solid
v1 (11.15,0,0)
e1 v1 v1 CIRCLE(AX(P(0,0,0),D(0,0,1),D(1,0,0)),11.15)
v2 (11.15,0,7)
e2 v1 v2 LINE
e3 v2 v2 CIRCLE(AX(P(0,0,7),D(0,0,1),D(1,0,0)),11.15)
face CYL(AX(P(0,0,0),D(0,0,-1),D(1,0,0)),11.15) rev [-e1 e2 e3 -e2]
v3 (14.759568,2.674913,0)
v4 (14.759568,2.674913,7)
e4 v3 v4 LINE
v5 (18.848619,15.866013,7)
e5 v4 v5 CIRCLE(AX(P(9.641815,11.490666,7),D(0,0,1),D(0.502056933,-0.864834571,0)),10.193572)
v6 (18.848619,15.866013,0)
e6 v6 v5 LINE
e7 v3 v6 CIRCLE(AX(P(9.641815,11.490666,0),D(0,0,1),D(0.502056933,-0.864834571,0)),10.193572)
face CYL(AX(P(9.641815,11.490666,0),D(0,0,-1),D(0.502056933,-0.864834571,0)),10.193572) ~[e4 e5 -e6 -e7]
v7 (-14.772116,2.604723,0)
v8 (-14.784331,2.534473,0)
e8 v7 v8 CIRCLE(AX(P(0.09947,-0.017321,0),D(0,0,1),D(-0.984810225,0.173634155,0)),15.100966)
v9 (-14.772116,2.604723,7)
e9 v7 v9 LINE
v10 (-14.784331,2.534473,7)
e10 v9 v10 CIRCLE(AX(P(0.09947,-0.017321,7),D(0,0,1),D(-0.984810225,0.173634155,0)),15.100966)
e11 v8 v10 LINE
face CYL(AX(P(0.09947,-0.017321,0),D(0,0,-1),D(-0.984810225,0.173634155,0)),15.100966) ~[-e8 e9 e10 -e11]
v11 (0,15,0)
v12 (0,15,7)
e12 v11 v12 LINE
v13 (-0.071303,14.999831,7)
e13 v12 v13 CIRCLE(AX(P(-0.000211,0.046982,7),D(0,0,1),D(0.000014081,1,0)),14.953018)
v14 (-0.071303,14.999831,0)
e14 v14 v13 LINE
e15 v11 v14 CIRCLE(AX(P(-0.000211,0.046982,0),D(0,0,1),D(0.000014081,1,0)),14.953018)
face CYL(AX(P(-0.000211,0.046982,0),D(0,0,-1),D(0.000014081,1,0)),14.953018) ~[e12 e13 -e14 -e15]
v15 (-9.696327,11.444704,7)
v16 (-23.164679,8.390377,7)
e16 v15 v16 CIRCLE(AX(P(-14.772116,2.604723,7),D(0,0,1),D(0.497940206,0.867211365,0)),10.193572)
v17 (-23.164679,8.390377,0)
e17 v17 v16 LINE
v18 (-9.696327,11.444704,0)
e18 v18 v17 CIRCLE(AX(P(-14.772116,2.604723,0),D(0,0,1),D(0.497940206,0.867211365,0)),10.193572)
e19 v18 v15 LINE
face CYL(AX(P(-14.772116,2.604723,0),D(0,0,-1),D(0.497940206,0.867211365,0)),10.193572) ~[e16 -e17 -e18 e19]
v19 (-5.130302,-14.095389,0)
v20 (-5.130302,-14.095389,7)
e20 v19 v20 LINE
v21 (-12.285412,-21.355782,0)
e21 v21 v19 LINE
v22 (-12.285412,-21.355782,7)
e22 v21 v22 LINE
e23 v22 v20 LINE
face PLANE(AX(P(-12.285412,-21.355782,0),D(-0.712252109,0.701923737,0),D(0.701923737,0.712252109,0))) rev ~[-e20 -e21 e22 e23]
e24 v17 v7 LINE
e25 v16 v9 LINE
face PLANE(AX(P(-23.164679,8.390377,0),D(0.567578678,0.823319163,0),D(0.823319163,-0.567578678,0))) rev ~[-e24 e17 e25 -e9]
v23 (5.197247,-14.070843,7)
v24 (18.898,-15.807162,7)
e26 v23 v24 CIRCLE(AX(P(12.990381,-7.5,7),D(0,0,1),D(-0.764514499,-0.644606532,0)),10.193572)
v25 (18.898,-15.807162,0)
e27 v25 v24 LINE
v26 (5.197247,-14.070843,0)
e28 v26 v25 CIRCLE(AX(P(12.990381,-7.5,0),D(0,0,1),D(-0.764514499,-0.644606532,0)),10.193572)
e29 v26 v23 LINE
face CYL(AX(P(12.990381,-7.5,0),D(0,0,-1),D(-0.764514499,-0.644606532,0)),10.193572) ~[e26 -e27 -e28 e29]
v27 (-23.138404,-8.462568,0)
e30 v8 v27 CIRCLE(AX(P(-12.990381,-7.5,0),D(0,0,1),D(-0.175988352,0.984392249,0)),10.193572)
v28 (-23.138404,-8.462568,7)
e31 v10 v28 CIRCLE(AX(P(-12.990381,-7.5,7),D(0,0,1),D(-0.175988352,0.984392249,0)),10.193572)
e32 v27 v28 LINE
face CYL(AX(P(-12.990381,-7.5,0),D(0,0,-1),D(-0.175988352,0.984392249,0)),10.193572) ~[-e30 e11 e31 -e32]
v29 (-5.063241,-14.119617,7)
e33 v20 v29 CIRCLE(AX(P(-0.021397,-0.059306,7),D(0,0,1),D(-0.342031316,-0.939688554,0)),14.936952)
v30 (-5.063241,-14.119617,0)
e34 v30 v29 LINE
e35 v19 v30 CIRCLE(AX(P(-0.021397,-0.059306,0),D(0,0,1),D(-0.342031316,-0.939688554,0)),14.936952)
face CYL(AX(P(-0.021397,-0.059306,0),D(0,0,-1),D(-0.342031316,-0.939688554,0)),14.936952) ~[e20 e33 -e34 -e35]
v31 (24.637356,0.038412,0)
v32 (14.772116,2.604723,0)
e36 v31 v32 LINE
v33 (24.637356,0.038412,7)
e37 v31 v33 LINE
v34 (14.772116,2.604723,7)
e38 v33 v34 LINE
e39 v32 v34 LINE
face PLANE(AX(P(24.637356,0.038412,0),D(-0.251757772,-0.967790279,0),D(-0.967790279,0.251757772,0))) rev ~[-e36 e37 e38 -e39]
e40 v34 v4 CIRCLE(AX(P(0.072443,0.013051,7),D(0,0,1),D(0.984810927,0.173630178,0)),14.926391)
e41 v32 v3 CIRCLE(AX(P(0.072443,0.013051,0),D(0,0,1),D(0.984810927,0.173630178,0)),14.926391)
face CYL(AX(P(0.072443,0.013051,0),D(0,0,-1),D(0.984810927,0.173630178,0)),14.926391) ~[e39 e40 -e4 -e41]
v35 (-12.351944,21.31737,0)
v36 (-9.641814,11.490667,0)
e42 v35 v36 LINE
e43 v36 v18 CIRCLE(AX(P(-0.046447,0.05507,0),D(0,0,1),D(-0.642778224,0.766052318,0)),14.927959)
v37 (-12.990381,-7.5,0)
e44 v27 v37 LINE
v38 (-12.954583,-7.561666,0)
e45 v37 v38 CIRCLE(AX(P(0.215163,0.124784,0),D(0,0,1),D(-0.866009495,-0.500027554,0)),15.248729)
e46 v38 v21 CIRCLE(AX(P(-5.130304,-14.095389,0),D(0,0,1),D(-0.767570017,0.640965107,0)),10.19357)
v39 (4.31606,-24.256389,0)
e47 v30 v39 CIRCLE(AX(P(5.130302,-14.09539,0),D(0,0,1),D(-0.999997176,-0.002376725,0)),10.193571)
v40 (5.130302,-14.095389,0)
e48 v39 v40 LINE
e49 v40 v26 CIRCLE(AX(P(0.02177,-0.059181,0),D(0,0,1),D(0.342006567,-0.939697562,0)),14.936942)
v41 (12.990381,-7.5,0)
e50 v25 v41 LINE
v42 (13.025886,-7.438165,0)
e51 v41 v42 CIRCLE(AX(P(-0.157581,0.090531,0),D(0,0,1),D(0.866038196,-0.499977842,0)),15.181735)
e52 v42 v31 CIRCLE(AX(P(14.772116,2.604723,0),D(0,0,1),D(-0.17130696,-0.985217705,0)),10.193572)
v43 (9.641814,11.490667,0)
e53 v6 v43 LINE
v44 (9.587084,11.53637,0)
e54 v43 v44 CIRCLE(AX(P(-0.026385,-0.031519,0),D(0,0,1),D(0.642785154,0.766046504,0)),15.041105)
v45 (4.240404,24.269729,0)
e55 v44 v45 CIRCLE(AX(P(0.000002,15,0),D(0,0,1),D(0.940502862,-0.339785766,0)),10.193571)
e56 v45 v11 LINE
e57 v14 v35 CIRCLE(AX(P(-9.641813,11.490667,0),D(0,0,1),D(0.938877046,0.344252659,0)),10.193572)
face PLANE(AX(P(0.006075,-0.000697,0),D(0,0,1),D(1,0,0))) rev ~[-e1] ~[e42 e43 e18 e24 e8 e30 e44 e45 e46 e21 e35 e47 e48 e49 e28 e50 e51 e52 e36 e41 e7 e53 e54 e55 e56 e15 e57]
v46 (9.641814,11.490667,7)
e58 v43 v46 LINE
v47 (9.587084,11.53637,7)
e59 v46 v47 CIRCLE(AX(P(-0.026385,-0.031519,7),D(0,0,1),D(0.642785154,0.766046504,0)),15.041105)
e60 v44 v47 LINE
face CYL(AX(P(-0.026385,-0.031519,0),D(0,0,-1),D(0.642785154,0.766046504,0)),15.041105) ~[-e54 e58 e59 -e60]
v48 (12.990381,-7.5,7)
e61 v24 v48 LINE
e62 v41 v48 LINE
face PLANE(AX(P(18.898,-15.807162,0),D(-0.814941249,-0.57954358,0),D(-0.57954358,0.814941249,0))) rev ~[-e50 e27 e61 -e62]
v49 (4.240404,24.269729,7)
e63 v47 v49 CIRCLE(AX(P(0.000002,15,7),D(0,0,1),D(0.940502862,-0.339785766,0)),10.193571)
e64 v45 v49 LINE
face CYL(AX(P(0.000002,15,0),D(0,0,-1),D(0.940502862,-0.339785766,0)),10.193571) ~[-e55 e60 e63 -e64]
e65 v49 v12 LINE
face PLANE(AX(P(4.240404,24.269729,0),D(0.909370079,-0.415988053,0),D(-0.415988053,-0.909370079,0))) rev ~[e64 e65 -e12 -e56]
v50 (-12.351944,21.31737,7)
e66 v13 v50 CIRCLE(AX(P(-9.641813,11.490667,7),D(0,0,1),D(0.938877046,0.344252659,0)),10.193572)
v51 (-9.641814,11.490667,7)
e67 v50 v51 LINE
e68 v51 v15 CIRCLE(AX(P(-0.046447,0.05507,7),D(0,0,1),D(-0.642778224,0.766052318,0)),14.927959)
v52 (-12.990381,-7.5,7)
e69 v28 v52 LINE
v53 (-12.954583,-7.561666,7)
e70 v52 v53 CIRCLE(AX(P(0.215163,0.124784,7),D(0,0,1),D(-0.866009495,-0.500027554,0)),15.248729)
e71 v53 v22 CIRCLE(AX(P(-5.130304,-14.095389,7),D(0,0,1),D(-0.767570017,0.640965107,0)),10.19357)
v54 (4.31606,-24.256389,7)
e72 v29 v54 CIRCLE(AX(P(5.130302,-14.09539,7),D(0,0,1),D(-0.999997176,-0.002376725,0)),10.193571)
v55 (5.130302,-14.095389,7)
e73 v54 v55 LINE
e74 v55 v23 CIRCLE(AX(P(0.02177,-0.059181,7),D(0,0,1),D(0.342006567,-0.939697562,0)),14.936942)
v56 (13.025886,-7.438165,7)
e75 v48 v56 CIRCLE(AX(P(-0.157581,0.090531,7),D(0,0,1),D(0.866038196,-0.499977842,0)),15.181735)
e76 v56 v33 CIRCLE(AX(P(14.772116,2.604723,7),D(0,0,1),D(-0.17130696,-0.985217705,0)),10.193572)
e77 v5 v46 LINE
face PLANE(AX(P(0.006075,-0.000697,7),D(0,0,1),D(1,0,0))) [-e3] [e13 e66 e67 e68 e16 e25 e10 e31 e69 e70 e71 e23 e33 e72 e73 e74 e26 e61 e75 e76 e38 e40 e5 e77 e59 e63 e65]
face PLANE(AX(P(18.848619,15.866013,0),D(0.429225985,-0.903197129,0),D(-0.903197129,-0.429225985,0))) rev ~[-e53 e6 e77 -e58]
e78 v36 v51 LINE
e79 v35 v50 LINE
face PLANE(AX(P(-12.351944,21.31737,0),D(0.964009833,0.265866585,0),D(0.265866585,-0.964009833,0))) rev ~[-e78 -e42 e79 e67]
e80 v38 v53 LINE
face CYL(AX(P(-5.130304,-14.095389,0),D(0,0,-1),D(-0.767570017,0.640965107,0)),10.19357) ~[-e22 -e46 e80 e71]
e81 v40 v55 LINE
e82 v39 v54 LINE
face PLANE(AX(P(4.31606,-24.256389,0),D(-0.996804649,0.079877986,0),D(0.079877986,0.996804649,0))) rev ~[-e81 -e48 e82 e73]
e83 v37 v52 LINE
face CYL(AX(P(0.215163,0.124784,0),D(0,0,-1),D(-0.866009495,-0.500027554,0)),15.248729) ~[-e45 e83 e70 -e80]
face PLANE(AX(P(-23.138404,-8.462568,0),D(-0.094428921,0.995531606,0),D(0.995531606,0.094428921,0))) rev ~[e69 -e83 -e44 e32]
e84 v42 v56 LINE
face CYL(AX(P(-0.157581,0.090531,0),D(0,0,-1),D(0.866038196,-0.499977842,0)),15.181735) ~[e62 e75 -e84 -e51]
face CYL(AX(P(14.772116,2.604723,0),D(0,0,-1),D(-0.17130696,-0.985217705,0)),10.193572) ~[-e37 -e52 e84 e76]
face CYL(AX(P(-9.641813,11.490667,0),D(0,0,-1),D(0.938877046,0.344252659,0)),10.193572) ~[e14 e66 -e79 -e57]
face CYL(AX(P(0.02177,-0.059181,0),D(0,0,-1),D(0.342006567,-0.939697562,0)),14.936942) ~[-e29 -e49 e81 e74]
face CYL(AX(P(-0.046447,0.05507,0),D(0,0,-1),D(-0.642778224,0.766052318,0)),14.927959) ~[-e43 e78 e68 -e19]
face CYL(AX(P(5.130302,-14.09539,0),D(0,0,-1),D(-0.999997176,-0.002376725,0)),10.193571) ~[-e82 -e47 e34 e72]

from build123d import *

# Parameters (mm, degrees)
F0_R     = 11.15
F1_DEPTH = 7


with BuildPart() as f1:
    # F0 (on Top) → F1 (new body)
    with BuildSketch(Plane.XY):
        with BuildLine():
            ThreePointArc((13.025886, -7.438165), (14.498074, -3.847838), (15, 0))
            ThreePointArc((15, 0), (14.94292, 1.307336), (14.772116, 2.604723))
            ThreePointArc((14.772116, 2.604723), (14.765884, 2.639825), (14.759568, 2.674913))
            ThreePointArc((14.759568, 2.674913), (12.972518, 7.530854), (9.641814, 11.490667))
            ThreePointArc((9.641814, 11.490667), (9.614476, 11.513551), (9.587084, 11.53637))
            ThreePointArc((9.587084, 11.53637), (5.096786, 14.107543), (0, 15))
            ThreePointArc((0, 15), (-0.035652, 14.999958), (-0.071303, 14.999831))
            ThreePointArc((-0.071303, 14.999831), (-5.163789, 14.083156), (-9.641814, 11.490667))
            ThreePointArc((-9.641814, 11.490667), (-9.669098, 11.467718), (-9.696327, 11.444704))
            ThreePointArc((-9.696327, 11.444704), (-13.00817, 7.469103), (-14.772116, 2.604723))
            ThreePointArc((-14.772116, 2.604723), (-14.778265, 2.569605), (-14.784331, 2.534473))
            ThreePointArc((-14.784331, 2.534473), (-14.765884, -2.639825), (-12.990381, -7.5))
            ThreePointArc((-12.990381, -7.5), (-12.972518, -7.530854), (-12.954583, -7.561666))
            ThreePointArc((-12.954583, -7.561666), (-9.614476, -11.513551), (-5.130302, -14.095389))
            ThreePointArc((-5.130302, -14.095389), (-5.096786, -14.107543), (-5.063241, -14.119617))
            ThreePointArc((-5.063241, -14.119617), (0.035652, -14.999958), (5.130302, -14.095389))
            ThreePointArc((5.130302, -14.095389), (5.163789, -14.083156), (5.197247, -14.070843))
            ThreePointArc((5.197247, -14.070843), (9.669098, -11.467718), (12.990381, -7.5))
            ThreePointArc((12.990381, -7.5), (13.00817, -7.469103), (13.025886, -7.438165))
        make_face()
        Circle(F0_R, mode=Mode.SUBTRACT)
        with BuildLine():
            ThreePointArc((14.772116, 2.604723), (14.94292, 1.307336), (15, 0))
            ThreePointArc((15, 0), (14.498074, -3.847838), (13.025886, -7.438165))
            ThreePointArc((13.025886, -7.438165), (20.290665, -5.965839), (24.637356, 0.038412))
            Line((24.637356, 0.038412), (14.772116, 2.604723))
        make_face()
        with BuildLine():
            ThreePointArc((9.641814, 11.490667), (12.972518, 7.530854), (14.759568, 2.674913))
            ThreePointArc((14.759568, 2.674913), (19.378319, 8.47249), (18.848619, 15.866013))
            Line((18.848619, 15.866013), (9.641814, 11.490667))
        make_face()
        with BuildLine():
            Line((18.898, -15.807162), (12.990381, -7.5))
            ThreePointArc((12.990381, -7.5), (9.669098, -11.467718), (5.197247, -14.070843))
            ThreePointArc((5.197247, -14.070843), (11.708784, -17.612686), (18.898, -15.807162))
        make_face()
        with BuildLine():
            ThreePointArc((0, 15), (5.096786, 14.107543), (9.587084, 11.53637))
            ThreePointArc((9.587084, 11.53637), (9.398642, 18.946447), (4.240404, 24.269729))
            Line((4.240404, 24.269729), (0, 15))
        make_face()
        with BuildLine():
            Line((4.31606, -24.256389), (5.130302, -14.095389))
            ThreePointArc((5.130302, -14.095389), (0.035652, -14.999958), (-5.063241, -14.119617))
            ThreePointArc((-5.063241, -14.119617), (-2.351768, -21.018361), (4.31606, -24.256389))
        make_face()
        with BuildLine():
            ThreePointArc((-9.641814, 11.490667), (-5.163789, 14.083156), (-0.071303, 14.999831))
            ThreePointArc((-0.071303, 14.999831), (-4.978764, 20.555151), (-12.351944, 21.31737))
            Line((-12.351944, 21.31737), (-9.641814, 11.490667))
        make_face()
        with BuildLine():
            Line((-12.285412, -21.355782), (-5.130302, -14.095389))
            ThreePointArc((-5.130302, -14.095389), (-9.614476, -11.513551), (-12.954583, -7.561666))
            ThreePointArc((-12.954583, -7.561666), (-15.311901, -14.589312), (-12.285412, -21.355782))
        make_face()
        with BuildLine():
            ThreePointArc((-14.772116, 2.604723), (-13.00817, 7.469103), (-9.696327, 11.444704))
            ThreePointArc((-9.696327, 11.444704), (-17.026551, 12.545871), (-23.164679, 8.390377))
            Line((-23.164679, 8.390377), (-14.772116, 2.604723))
        make_face()
        with BuildLine():
            Line((-23.138404, -8.462568), (-12.990381, -7.5))
            ThreePointArc((-12.990381, -7.5), (-14.765884, -2.639825), (-14.784331, 2.534473))
            ThreePointArc((-14.784331, 2.534473), (-21.107425, -1.333761), (-23.138404, -8.462568))
        make_face()
    extrude(amount=F1_DEPTH)


solid = f1.part
